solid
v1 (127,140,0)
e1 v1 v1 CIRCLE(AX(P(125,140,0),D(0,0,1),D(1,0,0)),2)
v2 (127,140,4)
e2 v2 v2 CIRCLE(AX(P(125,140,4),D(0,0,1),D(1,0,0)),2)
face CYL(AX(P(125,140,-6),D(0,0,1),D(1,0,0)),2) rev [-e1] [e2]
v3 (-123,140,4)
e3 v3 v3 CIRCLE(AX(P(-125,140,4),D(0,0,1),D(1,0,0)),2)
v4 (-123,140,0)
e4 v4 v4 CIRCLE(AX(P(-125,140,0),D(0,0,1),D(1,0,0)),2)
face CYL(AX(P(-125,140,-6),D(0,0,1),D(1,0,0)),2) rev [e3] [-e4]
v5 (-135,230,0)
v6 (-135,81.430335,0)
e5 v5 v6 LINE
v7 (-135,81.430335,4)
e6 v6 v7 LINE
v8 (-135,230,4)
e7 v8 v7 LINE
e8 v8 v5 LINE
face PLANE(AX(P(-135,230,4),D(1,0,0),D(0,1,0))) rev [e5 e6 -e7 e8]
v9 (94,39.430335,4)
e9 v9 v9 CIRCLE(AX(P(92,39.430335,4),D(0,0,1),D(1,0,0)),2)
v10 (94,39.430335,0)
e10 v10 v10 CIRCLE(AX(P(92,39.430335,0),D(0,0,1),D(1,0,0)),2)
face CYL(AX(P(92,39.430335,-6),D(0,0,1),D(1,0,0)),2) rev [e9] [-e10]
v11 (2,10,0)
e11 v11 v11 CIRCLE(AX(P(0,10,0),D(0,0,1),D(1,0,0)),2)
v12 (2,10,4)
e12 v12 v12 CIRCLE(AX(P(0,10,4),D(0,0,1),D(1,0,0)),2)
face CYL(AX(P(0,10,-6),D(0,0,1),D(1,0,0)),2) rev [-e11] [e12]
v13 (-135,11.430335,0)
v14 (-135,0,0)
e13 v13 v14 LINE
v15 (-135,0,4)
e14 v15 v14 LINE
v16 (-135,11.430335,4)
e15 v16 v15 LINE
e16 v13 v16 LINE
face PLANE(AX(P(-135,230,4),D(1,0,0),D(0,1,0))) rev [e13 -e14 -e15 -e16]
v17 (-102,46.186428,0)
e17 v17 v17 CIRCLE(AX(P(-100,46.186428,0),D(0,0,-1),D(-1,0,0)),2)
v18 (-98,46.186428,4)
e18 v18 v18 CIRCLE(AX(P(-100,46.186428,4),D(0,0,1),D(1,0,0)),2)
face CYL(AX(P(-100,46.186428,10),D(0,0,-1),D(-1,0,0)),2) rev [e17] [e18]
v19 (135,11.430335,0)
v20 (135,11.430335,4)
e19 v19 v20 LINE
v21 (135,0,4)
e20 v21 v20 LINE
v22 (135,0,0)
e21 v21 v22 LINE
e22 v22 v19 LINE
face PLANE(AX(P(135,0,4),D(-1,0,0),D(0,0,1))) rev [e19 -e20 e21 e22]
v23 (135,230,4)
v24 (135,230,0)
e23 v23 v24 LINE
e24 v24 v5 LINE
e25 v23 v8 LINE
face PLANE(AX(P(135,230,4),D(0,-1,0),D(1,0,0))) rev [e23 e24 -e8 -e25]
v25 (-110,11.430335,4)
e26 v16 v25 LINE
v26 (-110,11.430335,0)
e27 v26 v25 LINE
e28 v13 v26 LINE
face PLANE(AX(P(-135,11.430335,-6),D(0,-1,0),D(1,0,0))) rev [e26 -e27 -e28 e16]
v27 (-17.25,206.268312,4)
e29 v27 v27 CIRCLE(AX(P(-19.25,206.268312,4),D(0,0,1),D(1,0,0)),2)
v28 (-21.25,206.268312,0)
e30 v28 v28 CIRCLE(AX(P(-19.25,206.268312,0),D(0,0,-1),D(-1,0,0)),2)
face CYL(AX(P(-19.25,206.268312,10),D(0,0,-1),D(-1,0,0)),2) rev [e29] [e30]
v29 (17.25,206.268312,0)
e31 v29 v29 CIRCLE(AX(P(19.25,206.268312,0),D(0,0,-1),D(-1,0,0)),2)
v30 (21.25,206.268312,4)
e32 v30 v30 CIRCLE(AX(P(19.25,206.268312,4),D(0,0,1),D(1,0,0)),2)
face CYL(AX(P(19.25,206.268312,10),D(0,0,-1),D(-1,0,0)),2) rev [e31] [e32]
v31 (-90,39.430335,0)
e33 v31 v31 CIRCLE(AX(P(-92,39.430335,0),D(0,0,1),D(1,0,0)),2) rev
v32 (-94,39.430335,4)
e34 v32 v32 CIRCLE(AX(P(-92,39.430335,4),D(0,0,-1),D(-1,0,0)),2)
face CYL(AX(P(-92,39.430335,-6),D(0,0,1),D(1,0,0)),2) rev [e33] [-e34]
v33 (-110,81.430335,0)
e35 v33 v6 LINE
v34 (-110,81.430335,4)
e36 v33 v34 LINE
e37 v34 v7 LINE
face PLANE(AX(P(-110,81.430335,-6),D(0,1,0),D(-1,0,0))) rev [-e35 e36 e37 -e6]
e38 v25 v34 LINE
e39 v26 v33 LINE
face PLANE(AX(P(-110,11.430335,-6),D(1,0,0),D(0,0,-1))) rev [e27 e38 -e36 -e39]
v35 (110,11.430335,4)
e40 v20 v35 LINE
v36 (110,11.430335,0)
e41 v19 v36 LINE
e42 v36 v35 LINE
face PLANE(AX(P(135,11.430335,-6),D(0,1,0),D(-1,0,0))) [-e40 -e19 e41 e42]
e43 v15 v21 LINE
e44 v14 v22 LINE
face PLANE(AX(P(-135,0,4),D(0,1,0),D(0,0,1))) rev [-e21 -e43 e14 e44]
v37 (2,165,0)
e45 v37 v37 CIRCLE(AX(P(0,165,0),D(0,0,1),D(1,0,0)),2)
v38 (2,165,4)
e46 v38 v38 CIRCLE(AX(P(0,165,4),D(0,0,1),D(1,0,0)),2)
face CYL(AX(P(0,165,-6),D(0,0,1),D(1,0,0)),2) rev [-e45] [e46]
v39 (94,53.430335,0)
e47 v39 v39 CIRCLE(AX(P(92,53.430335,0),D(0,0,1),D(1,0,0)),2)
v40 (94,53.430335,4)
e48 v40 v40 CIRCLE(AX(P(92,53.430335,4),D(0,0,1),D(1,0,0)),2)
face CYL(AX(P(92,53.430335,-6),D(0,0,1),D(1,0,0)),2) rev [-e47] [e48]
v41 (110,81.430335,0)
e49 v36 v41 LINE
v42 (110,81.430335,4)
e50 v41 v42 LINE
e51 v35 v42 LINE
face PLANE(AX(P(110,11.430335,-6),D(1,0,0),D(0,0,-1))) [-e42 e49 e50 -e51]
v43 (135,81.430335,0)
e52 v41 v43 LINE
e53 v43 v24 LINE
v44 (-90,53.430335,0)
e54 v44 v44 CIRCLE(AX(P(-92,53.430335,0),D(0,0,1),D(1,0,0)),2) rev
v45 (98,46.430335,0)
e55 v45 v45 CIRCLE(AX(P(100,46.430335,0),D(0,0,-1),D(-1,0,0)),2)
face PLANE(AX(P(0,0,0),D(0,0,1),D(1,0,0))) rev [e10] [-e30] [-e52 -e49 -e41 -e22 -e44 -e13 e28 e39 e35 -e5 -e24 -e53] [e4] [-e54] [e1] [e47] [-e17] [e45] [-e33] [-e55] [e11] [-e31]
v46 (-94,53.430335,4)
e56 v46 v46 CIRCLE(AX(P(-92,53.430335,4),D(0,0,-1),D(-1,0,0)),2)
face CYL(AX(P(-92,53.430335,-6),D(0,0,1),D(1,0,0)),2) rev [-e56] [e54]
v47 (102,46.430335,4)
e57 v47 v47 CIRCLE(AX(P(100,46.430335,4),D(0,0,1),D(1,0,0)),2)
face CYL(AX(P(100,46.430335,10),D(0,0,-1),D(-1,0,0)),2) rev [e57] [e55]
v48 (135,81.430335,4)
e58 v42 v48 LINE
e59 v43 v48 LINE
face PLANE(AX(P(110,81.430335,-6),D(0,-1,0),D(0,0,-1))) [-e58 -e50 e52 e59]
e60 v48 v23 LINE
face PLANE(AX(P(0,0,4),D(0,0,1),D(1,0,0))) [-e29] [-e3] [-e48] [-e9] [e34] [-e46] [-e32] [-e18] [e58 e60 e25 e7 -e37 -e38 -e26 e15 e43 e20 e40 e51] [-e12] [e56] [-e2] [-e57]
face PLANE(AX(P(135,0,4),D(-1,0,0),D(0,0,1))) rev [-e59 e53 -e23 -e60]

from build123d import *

# Parameters (mm, degrees)
SKETCH3_W           = 270
SKETCH3_H           = 230
BOSS_EXTRUDE1_DEPTH = 4
SKETCH4_W           = 25
SKETCH4_H           = 70
CUT_EXTRUDE1_DEPTH  = 10
SKETCH6_W           = 25
SKETCH6_H           = 70
CUT_EXTRUDE2_DEPTH  = 10
SKETCH9_R           = 2
CUT_EXTRUDE3_DEPTH  = 10
SKETCH10_R          = 2
CUT_EXTRUDE4_DEPTH  = 10
SKETCH12_R          = 2
CUT_EXTRUDE5_DEPTH  = 10
SKETCH14_R          = 2
CUT_EXTRUDE7_DEPTH  = 10
SKETCH15_R          = 2
CUT_EXTRUDE8_DEPTH  = 10


with BuildPart() as part:
    # Sketch3 → Boss-Extrude1 (new body)
    with BuildSketch(Plane.XY):
        with Locations((0, 115)):
            Rectangle(SKETCH3_W, SKETCH3_H)
    extrude(amount=BOSS_EXTRUDE1_DEPTH)

    # Sketch4 → Cut-Extrude1 (cut)
    with BuildSketch(Plane.XY.offset(4)):
        with Locations((-122.5, 46.430334796)):
            Rectangle(SKETCH4_W, SKETCH4_H)
    extrude(amount=-CUT_EXTRUDE1_DEPTH, mode=Mode.SUBTRACT)

    # Sketch6 → Cut-Extrude2 (cut)
    with BuildSketch(Plane.XY.offset(4)):
        with Locations((122.5, 46.430334796)):
            Rectangle(SKETCH6_W, SKETCH6_H)
    extrude(amount=-CUT_EXTRUDE2_DEPTH, mode=Mode.SUBTRACT)

    # Sketch9 → Cut-Extrude3 (cut)
    with BuildSketch(Plane(origin=(0, 0, 0), x_dir=(-1, 0, 0), z_dir=(0, 0, -1))):
        with Locations((-100, 46.430334796)):
            Circle(SKETCH9_R)
        with Locations((100, 46.186428088)):
            Circle(SKETCH9_R)
    extrude(amount=-CUT_EXTRUDE3_DEPTH, mode=Mode.SUBTRACT)

    # Sketch10 → Cut-Extrude4 (cut)
    with BuildSketch(Plane(origin=(0, 0, 0), x_dir=(-1, 0, 0), z_dir=(0, 0, -1))):
        with Locations((-19.25, 206.268311878)):
            Circle(SKETCH10_R)
        with Locations((19.25, 206.268311878)):
            Circle(SKETCH10_R)
    extrude(amount=-CUT_EXTRUDE4_DEPTH, mode=Mode.SUBTRACT)

    # Sketch12 → Cut-Extrude5 (cut)
    with BuildSketch(Plane.XY.offset(4)):
        with Locations((-125, 140)):
            Circle(SKETCH12_R)
        with Locations((125, 140)):
            Circle(SKETCH12_R)
        with Locations((0, 10)):
            Circle(SKETCH12_R)
    extrude(amount=-CUT_EXTRUDE5_DEPTH, mode=Mode.SUBTRACT)

    # Sketch14 → Cut-Extrude7 (cut)
    with BuildSketch(Plane.XY.offset(4)):
        with Locations((0, 165)):
            Circle(SKETCH14_R)
    extrude(amount=-CUT_EXTRUDE7_DEPTH, mode=Mode.SUBTRACT)

    # Sketch15 → Cut-Extrude8 (cut)
    with BuildSketch(Plane.XY.offset(4)):
        with Locations((92, 53.430334796)):
            Circle(SKETCH15_R)
        with Locations((92, 39.430334796)):
            Circle(SKETCH15_R)
    cut_extrude8 = extrude(amount=-CUT_EXTRUDE8_DEPTH, mode=Mode.SUBTRACT)

    # Mirror1: Cut-Extrude8 across plane
    add(cut_extrude8.mirror(Plane(origin=(0, 0, 0), x_dir=(0, 0, 1), z_dir=(1, 0, 0))), mode=Mode.SUBTRACT)


solid = part.part
